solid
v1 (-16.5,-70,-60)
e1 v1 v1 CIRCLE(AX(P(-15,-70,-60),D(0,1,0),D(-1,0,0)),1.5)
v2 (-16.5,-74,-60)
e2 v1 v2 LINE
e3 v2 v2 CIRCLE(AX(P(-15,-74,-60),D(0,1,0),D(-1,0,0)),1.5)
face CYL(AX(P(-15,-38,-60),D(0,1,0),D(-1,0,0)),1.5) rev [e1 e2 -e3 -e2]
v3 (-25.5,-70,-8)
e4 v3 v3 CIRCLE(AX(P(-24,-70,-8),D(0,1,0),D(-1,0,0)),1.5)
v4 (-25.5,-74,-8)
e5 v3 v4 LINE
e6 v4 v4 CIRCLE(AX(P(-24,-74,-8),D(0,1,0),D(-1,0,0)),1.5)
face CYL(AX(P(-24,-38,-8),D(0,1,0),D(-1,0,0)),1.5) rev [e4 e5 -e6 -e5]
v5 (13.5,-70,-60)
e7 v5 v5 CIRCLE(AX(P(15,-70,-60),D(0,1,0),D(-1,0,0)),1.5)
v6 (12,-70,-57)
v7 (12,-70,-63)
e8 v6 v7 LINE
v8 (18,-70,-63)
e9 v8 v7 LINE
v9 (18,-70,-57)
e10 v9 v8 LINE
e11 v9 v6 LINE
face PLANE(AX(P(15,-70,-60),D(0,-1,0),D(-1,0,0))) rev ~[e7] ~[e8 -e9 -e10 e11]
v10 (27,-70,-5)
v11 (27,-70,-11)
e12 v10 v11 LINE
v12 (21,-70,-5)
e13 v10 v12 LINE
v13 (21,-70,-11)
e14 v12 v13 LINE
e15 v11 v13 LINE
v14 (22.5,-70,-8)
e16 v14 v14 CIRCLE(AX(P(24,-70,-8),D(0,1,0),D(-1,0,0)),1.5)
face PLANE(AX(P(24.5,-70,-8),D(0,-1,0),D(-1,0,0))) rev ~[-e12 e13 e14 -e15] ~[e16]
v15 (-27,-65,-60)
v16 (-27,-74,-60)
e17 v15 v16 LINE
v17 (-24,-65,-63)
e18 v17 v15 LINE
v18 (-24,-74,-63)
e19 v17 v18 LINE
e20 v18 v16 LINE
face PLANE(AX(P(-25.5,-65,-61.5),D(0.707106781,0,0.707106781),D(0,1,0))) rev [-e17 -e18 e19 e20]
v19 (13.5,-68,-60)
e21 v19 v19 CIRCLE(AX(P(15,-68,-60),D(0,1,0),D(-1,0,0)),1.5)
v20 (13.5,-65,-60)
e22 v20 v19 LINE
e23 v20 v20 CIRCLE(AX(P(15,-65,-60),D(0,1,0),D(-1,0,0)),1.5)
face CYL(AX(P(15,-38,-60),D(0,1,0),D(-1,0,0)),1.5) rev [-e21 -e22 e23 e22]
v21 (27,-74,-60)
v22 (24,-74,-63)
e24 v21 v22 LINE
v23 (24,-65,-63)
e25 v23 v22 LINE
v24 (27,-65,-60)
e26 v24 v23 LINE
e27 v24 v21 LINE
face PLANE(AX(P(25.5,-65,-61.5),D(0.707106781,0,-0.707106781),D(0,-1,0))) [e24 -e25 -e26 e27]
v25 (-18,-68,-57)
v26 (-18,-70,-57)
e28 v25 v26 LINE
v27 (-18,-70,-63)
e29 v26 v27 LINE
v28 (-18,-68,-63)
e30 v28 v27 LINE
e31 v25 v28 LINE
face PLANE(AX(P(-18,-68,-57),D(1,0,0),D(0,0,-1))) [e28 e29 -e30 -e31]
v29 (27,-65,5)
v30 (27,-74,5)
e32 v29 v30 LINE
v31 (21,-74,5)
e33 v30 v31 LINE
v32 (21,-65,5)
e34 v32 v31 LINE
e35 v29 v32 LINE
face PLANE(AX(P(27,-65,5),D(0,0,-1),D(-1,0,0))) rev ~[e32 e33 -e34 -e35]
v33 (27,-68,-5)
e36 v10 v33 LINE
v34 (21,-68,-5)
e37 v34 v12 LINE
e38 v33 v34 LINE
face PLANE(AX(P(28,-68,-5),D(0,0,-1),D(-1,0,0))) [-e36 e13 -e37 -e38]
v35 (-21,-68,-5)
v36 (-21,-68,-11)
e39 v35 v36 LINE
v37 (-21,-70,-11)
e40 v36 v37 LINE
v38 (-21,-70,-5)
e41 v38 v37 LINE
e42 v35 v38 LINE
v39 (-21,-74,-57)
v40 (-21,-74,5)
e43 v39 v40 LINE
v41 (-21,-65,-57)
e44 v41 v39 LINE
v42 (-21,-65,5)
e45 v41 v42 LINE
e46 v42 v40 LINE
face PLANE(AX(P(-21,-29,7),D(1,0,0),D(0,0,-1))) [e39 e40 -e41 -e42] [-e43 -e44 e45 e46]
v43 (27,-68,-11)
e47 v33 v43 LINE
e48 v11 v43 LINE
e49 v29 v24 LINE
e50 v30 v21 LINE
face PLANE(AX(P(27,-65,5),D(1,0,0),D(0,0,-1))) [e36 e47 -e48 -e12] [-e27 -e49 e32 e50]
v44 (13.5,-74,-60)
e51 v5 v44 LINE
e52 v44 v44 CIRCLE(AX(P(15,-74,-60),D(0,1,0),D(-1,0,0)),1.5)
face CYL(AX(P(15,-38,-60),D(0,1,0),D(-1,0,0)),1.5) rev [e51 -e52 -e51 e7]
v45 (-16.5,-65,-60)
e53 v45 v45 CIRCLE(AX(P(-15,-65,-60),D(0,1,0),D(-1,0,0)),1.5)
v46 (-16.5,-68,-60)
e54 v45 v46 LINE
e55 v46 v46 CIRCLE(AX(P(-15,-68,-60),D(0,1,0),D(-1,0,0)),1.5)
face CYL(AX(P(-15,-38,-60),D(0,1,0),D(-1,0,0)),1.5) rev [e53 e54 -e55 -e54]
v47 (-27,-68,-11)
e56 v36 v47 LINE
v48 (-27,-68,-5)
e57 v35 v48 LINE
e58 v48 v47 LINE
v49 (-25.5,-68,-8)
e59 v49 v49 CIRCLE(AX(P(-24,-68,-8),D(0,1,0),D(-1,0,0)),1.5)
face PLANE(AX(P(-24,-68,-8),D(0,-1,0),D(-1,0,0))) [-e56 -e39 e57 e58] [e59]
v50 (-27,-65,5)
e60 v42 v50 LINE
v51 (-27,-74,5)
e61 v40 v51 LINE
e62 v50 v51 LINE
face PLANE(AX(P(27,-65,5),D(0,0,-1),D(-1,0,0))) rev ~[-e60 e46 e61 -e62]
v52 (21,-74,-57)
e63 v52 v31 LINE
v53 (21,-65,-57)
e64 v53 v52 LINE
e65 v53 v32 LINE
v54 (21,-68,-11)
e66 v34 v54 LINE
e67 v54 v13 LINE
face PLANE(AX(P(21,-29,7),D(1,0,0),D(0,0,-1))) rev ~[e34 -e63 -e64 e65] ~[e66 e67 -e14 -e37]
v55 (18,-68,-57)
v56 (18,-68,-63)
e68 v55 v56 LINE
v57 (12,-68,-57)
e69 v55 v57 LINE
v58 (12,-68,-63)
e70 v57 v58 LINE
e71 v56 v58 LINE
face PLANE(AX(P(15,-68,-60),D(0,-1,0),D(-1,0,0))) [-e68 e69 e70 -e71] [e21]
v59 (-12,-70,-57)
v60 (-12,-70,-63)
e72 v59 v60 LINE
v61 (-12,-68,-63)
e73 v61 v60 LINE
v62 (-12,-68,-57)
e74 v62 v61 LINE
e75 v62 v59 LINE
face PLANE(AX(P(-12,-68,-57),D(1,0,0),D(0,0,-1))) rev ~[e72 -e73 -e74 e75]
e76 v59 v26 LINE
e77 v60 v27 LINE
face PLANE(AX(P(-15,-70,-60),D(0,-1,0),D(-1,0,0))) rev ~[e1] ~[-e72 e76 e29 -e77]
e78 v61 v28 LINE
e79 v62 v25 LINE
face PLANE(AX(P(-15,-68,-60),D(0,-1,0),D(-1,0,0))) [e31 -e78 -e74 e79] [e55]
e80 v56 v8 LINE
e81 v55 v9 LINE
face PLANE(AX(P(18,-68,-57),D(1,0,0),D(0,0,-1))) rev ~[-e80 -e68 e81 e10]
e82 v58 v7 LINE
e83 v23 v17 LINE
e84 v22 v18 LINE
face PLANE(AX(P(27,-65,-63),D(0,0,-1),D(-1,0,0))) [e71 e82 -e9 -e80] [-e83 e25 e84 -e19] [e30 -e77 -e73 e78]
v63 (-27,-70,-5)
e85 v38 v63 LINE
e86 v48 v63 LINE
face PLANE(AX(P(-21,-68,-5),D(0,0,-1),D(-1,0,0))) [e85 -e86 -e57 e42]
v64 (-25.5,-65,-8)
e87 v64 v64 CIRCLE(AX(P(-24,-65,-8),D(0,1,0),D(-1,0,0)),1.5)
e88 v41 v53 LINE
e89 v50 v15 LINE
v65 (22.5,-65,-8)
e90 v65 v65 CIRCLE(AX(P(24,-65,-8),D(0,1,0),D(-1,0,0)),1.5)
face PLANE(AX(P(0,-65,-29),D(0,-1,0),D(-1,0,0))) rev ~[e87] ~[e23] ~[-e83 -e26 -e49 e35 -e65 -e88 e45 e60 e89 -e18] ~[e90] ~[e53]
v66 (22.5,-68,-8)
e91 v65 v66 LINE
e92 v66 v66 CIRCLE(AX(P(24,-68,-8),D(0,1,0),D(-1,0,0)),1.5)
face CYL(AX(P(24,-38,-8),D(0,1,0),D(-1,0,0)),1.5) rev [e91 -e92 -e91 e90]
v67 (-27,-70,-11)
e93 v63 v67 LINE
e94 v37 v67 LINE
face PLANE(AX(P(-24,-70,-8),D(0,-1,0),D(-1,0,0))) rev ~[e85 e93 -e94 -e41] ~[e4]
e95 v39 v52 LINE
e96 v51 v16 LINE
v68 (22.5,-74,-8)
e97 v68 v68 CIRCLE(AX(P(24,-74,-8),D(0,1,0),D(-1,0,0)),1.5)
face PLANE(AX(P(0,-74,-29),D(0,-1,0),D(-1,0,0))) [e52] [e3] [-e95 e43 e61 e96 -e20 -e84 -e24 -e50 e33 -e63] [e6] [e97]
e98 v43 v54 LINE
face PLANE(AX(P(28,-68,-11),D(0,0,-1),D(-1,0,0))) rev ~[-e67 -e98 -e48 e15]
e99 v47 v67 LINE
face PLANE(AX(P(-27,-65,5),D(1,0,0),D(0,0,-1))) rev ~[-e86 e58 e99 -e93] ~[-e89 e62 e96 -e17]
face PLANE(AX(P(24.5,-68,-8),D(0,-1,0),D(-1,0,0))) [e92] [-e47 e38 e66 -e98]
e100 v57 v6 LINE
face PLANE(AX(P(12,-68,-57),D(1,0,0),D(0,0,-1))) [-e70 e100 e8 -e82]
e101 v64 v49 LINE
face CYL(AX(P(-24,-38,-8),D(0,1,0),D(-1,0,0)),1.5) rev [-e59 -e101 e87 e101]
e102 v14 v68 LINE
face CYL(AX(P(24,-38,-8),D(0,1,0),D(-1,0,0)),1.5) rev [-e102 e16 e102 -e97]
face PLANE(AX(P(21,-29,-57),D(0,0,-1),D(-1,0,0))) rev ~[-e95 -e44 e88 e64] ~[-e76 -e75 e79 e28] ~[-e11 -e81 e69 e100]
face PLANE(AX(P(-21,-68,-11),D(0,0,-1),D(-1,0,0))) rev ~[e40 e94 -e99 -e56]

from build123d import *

# Parameters (mm, degrees)
BOX905_W               = 6
BOX905_H               = 6
BOX905_DEPTH           = 2
BOX906_W               = 6
BOX906_H               = 6
BOX906_DEPTH           = 2
BOX907_W               = 6
BOX907_H               = 6
BOX907_DEPTH           = 2
BOX904_W               = 7
BOX904_H               = 6
BOX904_DEPTH           = 2
CYLINDER2651_R         = 1.5
CYLINDER2651_DEPTH     = 60
CYLINDER2652_R         = 1.5
CYLINDER2652_DEPTH     = 60
CYLINDER2653_R         = 1.5
CYLINDER2653_DEPTH     = 60
CYLINDER2650_R         = 1.5
CYLINDER2650_DEPTH     = 60
BOX894_W               = 42
BOX894_H               = 64
BOX894_DEPTH           = 50
BOX893_W               = 54
BOX893_H               = 68
BOX893_DEPTH           = 9
CHAMFER127_SIZE        = 3
CUT989_ROLL_ANGLE      = -90
CUT989_PLACEMENT_ANGLE = 180


with BuildPart() as krychle904:
    # Box905 → Box905 (new body)
    with BuildSketch(Plane(origin=(-18, 122, -48), x_dir=(1, 0, 0), z_dir=(0, 0, 1))):
        with Locations((3, 3)):
            Rectangle(BOX905_W, BOX905_H)
    extrude(amount=BOX905_DEPTH)


with BuildPart() as krychle905:
    # Box906 → Box906 (new body)
    with BuildSketch(Plane(origin=(21, 70, -48), x_dir=(1, 0, 0), z_dir=(0, 0, 1))):
        with Locations((3, 3)):
            Rectangle(BOX906_W, BOX906_H)
    extrude(amount=BOX906_DEPTH)


with BuildPart() as krychle906:
    # Box907 → Box907 (new body)
    with BuildSketch(Plane(origin=(12, 122, -48), x_dir=(1, 0, 0), z_dir=(0, 0, 1))):
        with Locations((3, 3)):
            Rectangle(BOX907_W, BOX907_H)
    extrude(amount=BOX907_DEPTH)


with BuildPart() as compound1179:
    # Box904 → Box904 (new body)
    with BuildSketch(Plane(origin=(-28, 70, -48), x_dir=(1, 0, 0), z_dir=(0, 0, 1))):
        with Locations((3.5, 3)):
            Rectangle(BOX904_W, BOX904_H)
    extrude(amount=BOX904_DEPTH)

    # Compound1179: union Krychle904, Krychle905, Krychle906
    add(krychle904.part)
    add(krychle905.part)
    add(krychle906.part)


with BuildPart() as compound1179_1:
    # Compound1179 placement: moved
    add(compound1179.part.moved(Location((0, 0, 118))))


with BuildPart() as v_lec2621:
    # Cylinder2651 → Cylinder2651 (new body)
    with BuildSketch(Plane(origin=(-24, 73, -80), x_dir=(1, 0, 0), z_dir=(0, 0, 1))):
        Circle(CYLINDER2651_R)
    extrude(amount=CYLINDER2651_DEPTH)


with BuildPart() as v_lec2622:
    # Cylinder2652 → Cylinder2652 (new body)
    with BuildSketch(Plane(origin=(-15, 125, -80), x_dir=(1, 0, 0), z_dir=(0, 0, 1))):
        Circle(CYLINDER2652_R)
    extrude(amount=CYLINDER2652_DEPTH)


with BuildPart() as v_lec2623:
    # Cylinder2653 → Cylinder2653 (new body)
    with BuildSketch(Plane(origin=(15, 125, -80), x_dir=(1, 0, 0), z_dir=(0, 0, 1))):
        Circle(CYLINDER2653_R)
    extrude(amount=CYLINDER2653_DEPTH)


with BuildPart() as compound1172:
    # Cylinder2650 → Cylinder2650 (new body)
    with BuildSketch(Plane(origin=(24, 73, -80), x_dir=(1, 0, 0), z_dir=(0, 0, 1))):
        Circle(CYLINDER2650_R)
    extrude(amount=CYLINDER2650_DEPTH)

    # Compound1172: union Válec2621, Válec2622, Válec2623
    add(v_lec2621.part)
    add(v_lec2622.part)
    add(v_lec2623.part)


with BuildPart() as compound1172_1:
    # Compound1172 placement: moved
    add(compound1172.part.moved(Location((0, 0, 120))))


with BuildPart() as krychle893:
    # Box894 → Box894 (new body)
    with BuildSketch(Plane(origin=(-21, 58, 40), x_dir=(1, 0, 0), z_dir=(0, 0, 1))):
        with Locations((21, 32)):
            Rectangle(BOX894_W, BOX894_H)
    extrude(amount=BOX894_DEPTH)


with BuildPart() as cut989:
    # Box893 → Box893 (new body)
    with BuildSketch(Plane(origin=(-27, 60, 76), x_dir=(1, 0, 0), z_dir=(0, 0, 1))):
        with Locations((27, 34)):
            Rectangle(BOX893_W, BOX893_H)
    extrude(amount=BOX893_DEPTH)

    # Cut978: cut Krychle893
    add(krychle893.part, mode=Mode.SUBTRACT)


with BuildPart() as cut989_1:
    # Cut978 placement: moved
    add(cut989.part.moved(Location((0, 0, -9))))

    # Chamfer127
    chamfer127_edges = [cut989_1.edges().sort_by_distance(p)[0] for p in [
        (-27, 128, 71.5),
        (27, 128, 71.5),
    ]]
    chamfer(chamfer127_edges, length=CHAMFER127_SIZE)

    # Cut979: cut Compound1172
    add(compound1172_1.part, mode=Mode.SUBTRACT)

    # Cut989: cut Compound1179
    add(compound1179_1.part, mode=Mode.SUBTRACT)


with BuildPart() as cut989_2:
    # Cut989 roll: moved
    add(cut989_1.part.rotate(Axis((0, 0, 0), (1, 0, 0)), CUT989_ROLL_ANGLE))


with BuildPart() as cut989_3:
    # Cut989 placement: moved
    add(cut989_2.part.moved(Location((0, 2, 65))).rotate(Axis((0, 2, 65), (0, 0, 1)), CUT989_PLACEMENT_ANGLE))


solid = cut989_3.part
